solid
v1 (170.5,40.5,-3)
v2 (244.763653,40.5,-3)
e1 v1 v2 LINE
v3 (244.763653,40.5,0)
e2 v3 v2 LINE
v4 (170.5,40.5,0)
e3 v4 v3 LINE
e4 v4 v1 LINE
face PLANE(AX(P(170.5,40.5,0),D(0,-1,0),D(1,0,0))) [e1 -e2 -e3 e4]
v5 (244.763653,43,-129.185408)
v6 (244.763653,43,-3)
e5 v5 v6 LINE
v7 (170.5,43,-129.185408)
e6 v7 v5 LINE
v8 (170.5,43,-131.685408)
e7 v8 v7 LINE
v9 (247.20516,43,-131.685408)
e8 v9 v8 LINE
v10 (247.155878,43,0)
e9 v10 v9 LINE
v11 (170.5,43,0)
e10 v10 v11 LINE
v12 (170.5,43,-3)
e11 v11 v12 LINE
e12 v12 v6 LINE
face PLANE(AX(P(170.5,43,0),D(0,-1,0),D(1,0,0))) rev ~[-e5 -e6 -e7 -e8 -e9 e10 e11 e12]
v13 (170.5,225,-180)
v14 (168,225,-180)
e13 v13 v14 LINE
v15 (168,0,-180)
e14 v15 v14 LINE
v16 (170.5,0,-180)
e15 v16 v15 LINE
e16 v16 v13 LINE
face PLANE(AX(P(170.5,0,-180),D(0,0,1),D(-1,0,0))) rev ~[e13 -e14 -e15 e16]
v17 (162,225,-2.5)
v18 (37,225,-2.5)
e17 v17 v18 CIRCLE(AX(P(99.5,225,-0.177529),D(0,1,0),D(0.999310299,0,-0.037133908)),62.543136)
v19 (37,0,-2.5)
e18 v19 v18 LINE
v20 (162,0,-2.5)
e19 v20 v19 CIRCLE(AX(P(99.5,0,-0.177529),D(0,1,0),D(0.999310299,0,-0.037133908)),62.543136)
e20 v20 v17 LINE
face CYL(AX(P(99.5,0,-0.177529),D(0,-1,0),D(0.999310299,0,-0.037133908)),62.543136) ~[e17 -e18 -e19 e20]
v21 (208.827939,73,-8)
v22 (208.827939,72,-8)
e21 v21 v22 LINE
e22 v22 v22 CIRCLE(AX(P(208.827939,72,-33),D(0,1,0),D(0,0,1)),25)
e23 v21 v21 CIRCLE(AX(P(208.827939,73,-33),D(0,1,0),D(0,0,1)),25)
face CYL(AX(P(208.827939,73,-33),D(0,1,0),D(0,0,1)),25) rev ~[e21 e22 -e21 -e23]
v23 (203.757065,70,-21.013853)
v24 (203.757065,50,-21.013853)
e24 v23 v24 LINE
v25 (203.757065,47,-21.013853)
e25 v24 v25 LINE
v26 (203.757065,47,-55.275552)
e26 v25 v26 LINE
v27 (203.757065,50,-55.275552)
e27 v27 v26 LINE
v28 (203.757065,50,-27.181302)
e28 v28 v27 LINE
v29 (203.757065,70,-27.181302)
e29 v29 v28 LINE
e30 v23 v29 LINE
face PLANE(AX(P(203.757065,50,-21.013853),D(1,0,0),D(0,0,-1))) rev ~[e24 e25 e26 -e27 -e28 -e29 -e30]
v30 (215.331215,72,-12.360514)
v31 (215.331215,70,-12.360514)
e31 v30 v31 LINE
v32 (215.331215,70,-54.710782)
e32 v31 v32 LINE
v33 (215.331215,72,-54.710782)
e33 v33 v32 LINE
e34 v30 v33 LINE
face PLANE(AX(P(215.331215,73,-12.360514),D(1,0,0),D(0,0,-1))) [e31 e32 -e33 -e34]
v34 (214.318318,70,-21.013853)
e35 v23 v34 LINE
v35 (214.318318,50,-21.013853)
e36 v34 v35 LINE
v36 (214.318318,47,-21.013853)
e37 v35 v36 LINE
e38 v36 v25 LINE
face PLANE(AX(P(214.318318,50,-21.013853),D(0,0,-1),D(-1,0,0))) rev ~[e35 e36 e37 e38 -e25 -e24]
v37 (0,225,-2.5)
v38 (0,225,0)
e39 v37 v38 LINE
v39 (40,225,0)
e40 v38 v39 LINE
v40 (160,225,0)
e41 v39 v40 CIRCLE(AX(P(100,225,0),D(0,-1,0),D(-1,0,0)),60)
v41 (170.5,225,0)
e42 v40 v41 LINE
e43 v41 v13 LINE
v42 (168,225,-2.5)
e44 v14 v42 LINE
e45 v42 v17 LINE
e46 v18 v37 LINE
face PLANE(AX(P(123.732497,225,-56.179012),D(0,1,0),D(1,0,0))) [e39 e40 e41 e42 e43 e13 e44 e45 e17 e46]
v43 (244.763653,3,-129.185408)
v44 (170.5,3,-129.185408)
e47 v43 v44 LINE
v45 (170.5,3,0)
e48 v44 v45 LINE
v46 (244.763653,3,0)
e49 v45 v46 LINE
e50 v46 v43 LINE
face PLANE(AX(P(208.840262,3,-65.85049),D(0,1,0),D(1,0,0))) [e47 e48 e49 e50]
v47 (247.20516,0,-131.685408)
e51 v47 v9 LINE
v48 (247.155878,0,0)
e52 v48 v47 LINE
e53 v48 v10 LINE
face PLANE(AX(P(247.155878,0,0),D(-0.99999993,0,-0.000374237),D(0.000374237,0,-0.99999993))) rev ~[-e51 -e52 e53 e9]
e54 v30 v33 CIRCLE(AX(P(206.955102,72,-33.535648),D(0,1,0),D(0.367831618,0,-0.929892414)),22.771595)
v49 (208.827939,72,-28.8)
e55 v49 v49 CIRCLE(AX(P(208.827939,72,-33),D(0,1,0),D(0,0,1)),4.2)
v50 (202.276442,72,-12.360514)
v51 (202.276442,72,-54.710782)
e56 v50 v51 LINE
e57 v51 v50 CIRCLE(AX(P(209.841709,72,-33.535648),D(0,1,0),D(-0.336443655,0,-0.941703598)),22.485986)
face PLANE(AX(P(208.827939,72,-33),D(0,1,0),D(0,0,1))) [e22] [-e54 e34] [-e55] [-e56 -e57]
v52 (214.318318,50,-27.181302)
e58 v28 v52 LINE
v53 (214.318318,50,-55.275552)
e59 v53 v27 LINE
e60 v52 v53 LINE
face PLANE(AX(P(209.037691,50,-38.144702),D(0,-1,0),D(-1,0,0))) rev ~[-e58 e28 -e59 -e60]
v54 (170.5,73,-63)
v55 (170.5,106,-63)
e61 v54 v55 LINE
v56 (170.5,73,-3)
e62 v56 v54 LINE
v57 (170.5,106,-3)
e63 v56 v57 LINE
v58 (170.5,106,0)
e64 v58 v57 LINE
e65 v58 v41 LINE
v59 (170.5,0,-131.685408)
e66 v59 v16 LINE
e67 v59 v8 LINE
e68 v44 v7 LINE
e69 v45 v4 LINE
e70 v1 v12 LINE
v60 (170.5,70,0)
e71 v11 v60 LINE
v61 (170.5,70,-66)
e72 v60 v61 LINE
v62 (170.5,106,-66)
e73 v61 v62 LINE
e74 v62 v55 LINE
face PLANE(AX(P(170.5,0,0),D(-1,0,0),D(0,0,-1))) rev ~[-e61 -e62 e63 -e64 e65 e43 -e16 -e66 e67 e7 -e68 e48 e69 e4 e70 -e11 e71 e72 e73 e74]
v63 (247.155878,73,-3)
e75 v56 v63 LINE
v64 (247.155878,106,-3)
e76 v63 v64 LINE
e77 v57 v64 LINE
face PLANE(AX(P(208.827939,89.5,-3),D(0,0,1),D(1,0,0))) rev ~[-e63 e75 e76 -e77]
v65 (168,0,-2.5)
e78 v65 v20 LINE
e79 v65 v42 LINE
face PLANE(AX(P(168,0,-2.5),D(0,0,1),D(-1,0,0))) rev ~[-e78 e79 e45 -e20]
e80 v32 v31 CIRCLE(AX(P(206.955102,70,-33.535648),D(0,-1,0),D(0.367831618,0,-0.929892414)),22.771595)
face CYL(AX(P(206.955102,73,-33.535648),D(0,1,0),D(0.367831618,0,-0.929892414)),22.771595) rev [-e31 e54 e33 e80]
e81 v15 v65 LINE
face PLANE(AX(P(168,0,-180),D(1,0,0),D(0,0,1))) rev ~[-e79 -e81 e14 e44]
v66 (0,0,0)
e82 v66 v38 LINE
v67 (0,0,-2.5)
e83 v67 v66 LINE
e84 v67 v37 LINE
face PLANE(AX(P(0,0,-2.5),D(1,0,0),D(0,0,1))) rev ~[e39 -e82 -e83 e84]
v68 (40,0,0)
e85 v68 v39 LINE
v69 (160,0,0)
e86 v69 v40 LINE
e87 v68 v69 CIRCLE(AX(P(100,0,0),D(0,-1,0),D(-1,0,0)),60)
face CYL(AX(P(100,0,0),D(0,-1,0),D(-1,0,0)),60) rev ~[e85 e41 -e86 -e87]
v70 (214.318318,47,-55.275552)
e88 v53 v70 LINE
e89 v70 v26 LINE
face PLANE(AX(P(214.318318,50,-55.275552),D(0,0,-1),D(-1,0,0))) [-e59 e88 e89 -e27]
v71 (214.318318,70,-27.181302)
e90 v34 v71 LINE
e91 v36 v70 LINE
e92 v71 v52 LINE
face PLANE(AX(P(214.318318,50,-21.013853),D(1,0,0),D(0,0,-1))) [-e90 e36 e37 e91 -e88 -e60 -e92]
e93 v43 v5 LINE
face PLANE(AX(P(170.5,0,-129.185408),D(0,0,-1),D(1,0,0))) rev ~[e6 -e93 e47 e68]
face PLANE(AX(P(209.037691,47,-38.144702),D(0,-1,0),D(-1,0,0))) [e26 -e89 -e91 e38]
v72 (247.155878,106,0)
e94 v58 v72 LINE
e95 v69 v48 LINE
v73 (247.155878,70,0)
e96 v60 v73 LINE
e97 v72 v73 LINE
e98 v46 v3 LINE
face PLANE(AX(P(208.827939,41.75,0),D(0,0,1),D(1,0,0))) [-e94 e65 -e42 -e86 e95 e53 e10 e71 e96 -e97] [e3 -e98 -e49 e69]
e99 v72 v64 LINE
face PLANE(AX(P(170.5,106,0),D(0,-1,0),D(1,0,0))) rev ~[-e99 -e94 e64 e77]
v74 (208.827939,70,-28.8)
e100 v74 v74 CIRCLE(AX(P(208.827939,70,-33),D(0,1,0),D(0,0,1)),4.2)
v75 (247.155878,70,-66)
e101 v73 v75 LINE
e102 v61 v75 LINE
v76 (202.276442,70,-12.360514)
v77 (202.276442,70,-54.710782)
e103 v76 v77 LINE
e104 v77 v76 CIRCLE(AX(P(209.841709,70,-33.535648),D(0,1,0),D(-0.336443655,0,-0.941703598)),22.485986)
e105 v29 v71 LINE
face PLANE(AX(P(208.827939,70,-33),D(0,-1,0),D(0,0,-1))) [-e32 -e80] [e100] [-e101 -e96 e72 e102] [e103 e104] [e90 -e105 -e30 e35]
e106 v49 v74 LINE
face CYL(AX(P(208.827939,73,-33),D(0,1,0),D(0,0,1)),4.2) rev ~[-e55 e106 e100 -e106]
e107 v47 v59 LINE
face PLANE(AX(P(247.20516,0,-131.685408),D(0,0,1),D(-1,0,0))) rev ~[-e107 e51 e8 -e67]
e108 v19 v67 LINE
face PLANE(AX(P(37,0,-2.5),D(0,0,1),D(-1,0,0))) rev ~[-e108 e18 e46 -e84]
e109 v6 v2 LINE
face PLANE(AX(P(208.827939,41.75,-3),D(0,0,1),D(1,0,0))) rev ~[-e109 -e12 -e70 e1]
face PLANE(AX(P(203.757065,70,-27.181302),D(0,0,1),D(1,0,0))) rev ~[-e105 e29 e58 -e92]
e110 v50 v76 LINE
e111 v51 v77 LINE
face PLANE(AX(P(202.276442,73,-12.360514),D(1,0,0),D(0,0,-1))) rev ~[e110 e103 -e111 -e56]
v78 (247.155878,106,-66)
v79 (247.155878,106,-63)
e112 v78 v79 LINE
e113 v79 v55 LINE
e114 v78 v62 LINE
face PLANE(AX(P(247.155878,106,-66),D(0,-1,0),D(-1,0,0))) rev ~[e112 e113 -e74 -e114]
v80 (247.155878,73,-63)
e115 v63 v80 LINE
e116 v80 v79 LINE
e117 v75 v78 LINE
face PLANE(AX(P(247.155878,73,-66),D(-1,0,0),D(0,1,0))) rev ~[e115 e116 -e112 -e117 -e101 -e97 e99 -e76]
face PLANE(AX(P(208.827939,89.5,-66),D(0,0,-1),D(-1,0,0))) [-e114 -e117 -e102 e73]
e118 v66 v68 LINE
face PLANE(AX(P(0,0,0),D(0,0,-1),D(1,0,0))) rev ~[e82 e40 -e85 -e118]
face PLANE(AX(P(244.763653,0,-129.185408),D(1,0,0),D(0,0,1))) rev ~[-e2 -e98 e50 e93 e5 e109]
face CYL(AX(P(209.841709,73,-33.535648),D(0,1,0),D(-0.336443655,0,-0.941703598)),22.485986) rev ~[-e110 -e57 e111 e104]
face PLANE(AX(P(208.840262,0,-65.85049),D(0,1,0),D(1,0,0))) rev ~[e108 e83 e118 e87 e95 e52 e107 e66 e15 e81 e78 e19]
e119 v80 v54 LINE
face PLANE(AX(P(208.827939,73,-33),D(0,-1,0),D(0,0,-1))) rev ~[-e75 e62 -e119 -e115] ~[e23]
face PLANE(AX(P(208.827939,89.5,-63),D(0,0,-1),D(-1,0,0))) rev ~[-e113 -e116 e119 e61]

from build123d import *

# Parameters (mm, degrees)
EXTRUDE_1_DEPTH     = 225
SKETCH_3_W          = 66
SKETCH_3_H          = 76.655878063
EXTRUDE_2_DEPTH     = 3
SKETCH_4_W          = 76.655878063
SKETCH_4_H          = 33
EXTRUDE_3_DEPTH     = 3
SKETCH_5_W          = 76.655878063
SKETCH_5_H          = 33
EXTRUDE_4_DEPTH     = 3
SKETCH_7_R          = 25
CUT_EXTRUDE_1_DEPTH = 1
SKETCH_8_R          = 4.2
CUT_EXTRUDE_2_DEPTH = 3
CUT_EXTRUDE_3_DEPTH = 3
SKETCH_10_W         = 6.167449304
SKETCH_10_H         = 10.561253057
EXTRUDE_5_DEPTH     = 20
SKETCH_11_W         = 10.561253057
SKETCH_11_H         = 34.261699871
EXTRUDE_6_DEPTH     = 3
EXTRUDE_7_DEPTH     = 3
EXTRUDE_8_DEPTH     = 43
SKETCH_15_W         = 76.655878063
SKETCH_15_H         = 2.5
EXTRUDE_9_DEPTH     = 3


with BuildPart() as part:
    # 草图1 → 凸台-拉伸1 (new body)
    with BuildSketch(Plane(origin=(0, 0, 0), x_dir=(1, 0, 0), z_dir=(0, 1, 0))):
        with BuildLine():
            Line((0, 0), (40, 0))
            ThreePointArc((40, 0), (100, 60), (160, 0))
            Line((160, 0), (170.5, 0))
            Line((170.5, 0), (170.5, 180))
            Line((170.5, 180), (168, 180))
            Line((168, 180), (168, 2.5))
            Line((168, 2.5), (162, 2.5))
            ThreePointArc((162, 2.5), (99.5, 62.720665032), (37, 2.5))
            Line((37, 2.5), (0, 2.5))
            Line((0, 2.5), (0, 0))
        make_face()
    extrude(amount=EXTRUDE_1_DEPTH)

    # 草图3 → 凸台-拉伸2 (add)
    with BuildSketch(Plane(origin=(0, 70, 0), x_dir=(0, 0, -1), z_dir=(0, -1, 0))):
        with Locations((33, 208.827939032)):
            Rectangle(SKETCH_3_W, SKETCH_3_H)
    extrude(amount=-EXTRUDE_2_DEPTH)

    # 草图4 → 凸台-拉伸3 (add)
    with BuildSketch(Plane.XY):
        with Locations((208.827939032, 89.5)):
            Rectangle(SKETCH_4_W, SKETCH_4_H)
    extrude(amount=-EXTRUDE_3_DEPTH)

    # 草图5 → 凸台-拉伸4 (add)
    with BuildSketch(Plane(origin=(0, 0, -66), x_dir=(-1, 0, 0), z_dir=(0, 0, -1))):
        with Locations((-208.827939032, 89.5)):
            Rectangle(SKETCH_5_W, SKETCH_5_H)
    extrude(amount=-EXTRUDE_4_DEPTH)

    # 草图7 → 切除-拉伸1 (cut)
    with BuildSketch(Plane(origin=(0, 73, 0), x_dir=(1, 0, 0), z_dir=(0, 1, 0))):
        with Locations(Location((208.827939031, 33, 0), (0, 0, 270))):
            Circle(SKETCH_7_R)
    extrude(amount=-CUT_EXTRUDE_1_DEPTH, mode=Mode.SUBTRACT)

    # 草图8 → 切除-拉伸2 (cut)
    with BuildSketch(Plane(origin=(0, 73, 0), x_dir=(1, 0, 0), z_dir=(0, 1, 0))):
        with Locations(Location((208.827939031, 33, 0), (0, 0, 270))):
            Circle(SKETCH_8_R)
    extrude(amount=-CUT_EXTRUDE_2_DEPTH, mode=Mode.SUBTRACT)

    # 草图9 → 切除-拉伸3 (cut)
    with BuildSketch(Plane(origin=(0, 73, 0), x_dir=(1, 0, 0), z_dir=(0, 1, 0))):
        with BuildLine():
            Line((202.276441695, 38.603794928), (202.276441695, 54.71078199))
            ThreePointArc((202.276441695, 54.71078199), (187.355723059, 33.535648138), (202.276441695, 12.360514285))
            Line((202.276441695, 12.360514285), (202.276441695, 26.245847959))
            Line((202.276441695, 26.245847959), (202.276441695, 38.603794928))
        make_face()
        with BuildLine():
            ThreePointArc((215.331215104, 54.71078199), (229.726697753, 33.535648138), (215.331215104, 12.360514285))
            Line((215.331215104, 12.360514285), (215.331215104, 26.245847959))
            Line((215.331215104, 26.245847959), (215.331215104, 38.603794928))
            Line((215.331215104, 38.603794928), (215.331215104, 54.71078199))
        make_face()
    extrude(amount=-CUT_EXTRUDE_3_DEPTH, mode=Mode.SUBTRACT)

    # 草图10 → 凸台-拉伸5 (add)
    with BuildSketch(Plane(origin=(0, 70, 0), x_dir=(0, 0, -1), z_dir=(0, -1, 0))):
        with Locations((24.097577195, 209.037691234)):
            Rectangle(SKETCH_10_W, SKETCH_10_H)
    extrude(amount=EXTRUDE_5_DEPTH)

    # 草图11 → 凸台-拉伸6 (add)
    with BuildSketch(Plane(origin=(0, 50, 0), x_dir=(-1, 0, 0), z_dir=(0, -1, 0))):
        with Locations((-209.037691234, 38.144702479)):
            Rectangle(SKETCH_11_W, SKETCH_11_H)
    extrude(amount=EXTRUDE_6_DEPTH)

    # 草图12 → 凸台-拉伸7 (add)
    with BuildSketch(Plane(origin=(0, 0, 0), x_dir=(1, 0, 0), z_dir=(0, 1, 0))):
        Polygon((170.5, 0), (247.155878063, 0), (247.205159598, 131.685407984), (170.5, 131.685407984), align=None)
    extrude(amount=EXTRUDE_7_DEPTH)

    # 草图13 → 凸台-拉伸8 (add)
    with BuildSketch(Plane(origin=(0, 0, 0), x_dir=(1, 0, 0), z_dir=(0, 1, 0))):
        Polygon((247.155878063, 0), (247.205159598, 131.685407984), (170.5, 131.685407984), (170.5, 129.185407984), (244.763652704, 129.185407984), (244.763652704, 0), align=None)
    extrude(amount=EXTRUDE_8_DEPTH)

    # 草图15 → 凸台-拉伸9 (add)
    with BuildSketch(Plane.XY):
        with Locations((208.827939032, 41.75)):
            Rectangle(SKETCH_15_W, SKETCH_15_H)
    extrude(amount=-EXTRUDE_9_DEPTH)


solid = part.part
